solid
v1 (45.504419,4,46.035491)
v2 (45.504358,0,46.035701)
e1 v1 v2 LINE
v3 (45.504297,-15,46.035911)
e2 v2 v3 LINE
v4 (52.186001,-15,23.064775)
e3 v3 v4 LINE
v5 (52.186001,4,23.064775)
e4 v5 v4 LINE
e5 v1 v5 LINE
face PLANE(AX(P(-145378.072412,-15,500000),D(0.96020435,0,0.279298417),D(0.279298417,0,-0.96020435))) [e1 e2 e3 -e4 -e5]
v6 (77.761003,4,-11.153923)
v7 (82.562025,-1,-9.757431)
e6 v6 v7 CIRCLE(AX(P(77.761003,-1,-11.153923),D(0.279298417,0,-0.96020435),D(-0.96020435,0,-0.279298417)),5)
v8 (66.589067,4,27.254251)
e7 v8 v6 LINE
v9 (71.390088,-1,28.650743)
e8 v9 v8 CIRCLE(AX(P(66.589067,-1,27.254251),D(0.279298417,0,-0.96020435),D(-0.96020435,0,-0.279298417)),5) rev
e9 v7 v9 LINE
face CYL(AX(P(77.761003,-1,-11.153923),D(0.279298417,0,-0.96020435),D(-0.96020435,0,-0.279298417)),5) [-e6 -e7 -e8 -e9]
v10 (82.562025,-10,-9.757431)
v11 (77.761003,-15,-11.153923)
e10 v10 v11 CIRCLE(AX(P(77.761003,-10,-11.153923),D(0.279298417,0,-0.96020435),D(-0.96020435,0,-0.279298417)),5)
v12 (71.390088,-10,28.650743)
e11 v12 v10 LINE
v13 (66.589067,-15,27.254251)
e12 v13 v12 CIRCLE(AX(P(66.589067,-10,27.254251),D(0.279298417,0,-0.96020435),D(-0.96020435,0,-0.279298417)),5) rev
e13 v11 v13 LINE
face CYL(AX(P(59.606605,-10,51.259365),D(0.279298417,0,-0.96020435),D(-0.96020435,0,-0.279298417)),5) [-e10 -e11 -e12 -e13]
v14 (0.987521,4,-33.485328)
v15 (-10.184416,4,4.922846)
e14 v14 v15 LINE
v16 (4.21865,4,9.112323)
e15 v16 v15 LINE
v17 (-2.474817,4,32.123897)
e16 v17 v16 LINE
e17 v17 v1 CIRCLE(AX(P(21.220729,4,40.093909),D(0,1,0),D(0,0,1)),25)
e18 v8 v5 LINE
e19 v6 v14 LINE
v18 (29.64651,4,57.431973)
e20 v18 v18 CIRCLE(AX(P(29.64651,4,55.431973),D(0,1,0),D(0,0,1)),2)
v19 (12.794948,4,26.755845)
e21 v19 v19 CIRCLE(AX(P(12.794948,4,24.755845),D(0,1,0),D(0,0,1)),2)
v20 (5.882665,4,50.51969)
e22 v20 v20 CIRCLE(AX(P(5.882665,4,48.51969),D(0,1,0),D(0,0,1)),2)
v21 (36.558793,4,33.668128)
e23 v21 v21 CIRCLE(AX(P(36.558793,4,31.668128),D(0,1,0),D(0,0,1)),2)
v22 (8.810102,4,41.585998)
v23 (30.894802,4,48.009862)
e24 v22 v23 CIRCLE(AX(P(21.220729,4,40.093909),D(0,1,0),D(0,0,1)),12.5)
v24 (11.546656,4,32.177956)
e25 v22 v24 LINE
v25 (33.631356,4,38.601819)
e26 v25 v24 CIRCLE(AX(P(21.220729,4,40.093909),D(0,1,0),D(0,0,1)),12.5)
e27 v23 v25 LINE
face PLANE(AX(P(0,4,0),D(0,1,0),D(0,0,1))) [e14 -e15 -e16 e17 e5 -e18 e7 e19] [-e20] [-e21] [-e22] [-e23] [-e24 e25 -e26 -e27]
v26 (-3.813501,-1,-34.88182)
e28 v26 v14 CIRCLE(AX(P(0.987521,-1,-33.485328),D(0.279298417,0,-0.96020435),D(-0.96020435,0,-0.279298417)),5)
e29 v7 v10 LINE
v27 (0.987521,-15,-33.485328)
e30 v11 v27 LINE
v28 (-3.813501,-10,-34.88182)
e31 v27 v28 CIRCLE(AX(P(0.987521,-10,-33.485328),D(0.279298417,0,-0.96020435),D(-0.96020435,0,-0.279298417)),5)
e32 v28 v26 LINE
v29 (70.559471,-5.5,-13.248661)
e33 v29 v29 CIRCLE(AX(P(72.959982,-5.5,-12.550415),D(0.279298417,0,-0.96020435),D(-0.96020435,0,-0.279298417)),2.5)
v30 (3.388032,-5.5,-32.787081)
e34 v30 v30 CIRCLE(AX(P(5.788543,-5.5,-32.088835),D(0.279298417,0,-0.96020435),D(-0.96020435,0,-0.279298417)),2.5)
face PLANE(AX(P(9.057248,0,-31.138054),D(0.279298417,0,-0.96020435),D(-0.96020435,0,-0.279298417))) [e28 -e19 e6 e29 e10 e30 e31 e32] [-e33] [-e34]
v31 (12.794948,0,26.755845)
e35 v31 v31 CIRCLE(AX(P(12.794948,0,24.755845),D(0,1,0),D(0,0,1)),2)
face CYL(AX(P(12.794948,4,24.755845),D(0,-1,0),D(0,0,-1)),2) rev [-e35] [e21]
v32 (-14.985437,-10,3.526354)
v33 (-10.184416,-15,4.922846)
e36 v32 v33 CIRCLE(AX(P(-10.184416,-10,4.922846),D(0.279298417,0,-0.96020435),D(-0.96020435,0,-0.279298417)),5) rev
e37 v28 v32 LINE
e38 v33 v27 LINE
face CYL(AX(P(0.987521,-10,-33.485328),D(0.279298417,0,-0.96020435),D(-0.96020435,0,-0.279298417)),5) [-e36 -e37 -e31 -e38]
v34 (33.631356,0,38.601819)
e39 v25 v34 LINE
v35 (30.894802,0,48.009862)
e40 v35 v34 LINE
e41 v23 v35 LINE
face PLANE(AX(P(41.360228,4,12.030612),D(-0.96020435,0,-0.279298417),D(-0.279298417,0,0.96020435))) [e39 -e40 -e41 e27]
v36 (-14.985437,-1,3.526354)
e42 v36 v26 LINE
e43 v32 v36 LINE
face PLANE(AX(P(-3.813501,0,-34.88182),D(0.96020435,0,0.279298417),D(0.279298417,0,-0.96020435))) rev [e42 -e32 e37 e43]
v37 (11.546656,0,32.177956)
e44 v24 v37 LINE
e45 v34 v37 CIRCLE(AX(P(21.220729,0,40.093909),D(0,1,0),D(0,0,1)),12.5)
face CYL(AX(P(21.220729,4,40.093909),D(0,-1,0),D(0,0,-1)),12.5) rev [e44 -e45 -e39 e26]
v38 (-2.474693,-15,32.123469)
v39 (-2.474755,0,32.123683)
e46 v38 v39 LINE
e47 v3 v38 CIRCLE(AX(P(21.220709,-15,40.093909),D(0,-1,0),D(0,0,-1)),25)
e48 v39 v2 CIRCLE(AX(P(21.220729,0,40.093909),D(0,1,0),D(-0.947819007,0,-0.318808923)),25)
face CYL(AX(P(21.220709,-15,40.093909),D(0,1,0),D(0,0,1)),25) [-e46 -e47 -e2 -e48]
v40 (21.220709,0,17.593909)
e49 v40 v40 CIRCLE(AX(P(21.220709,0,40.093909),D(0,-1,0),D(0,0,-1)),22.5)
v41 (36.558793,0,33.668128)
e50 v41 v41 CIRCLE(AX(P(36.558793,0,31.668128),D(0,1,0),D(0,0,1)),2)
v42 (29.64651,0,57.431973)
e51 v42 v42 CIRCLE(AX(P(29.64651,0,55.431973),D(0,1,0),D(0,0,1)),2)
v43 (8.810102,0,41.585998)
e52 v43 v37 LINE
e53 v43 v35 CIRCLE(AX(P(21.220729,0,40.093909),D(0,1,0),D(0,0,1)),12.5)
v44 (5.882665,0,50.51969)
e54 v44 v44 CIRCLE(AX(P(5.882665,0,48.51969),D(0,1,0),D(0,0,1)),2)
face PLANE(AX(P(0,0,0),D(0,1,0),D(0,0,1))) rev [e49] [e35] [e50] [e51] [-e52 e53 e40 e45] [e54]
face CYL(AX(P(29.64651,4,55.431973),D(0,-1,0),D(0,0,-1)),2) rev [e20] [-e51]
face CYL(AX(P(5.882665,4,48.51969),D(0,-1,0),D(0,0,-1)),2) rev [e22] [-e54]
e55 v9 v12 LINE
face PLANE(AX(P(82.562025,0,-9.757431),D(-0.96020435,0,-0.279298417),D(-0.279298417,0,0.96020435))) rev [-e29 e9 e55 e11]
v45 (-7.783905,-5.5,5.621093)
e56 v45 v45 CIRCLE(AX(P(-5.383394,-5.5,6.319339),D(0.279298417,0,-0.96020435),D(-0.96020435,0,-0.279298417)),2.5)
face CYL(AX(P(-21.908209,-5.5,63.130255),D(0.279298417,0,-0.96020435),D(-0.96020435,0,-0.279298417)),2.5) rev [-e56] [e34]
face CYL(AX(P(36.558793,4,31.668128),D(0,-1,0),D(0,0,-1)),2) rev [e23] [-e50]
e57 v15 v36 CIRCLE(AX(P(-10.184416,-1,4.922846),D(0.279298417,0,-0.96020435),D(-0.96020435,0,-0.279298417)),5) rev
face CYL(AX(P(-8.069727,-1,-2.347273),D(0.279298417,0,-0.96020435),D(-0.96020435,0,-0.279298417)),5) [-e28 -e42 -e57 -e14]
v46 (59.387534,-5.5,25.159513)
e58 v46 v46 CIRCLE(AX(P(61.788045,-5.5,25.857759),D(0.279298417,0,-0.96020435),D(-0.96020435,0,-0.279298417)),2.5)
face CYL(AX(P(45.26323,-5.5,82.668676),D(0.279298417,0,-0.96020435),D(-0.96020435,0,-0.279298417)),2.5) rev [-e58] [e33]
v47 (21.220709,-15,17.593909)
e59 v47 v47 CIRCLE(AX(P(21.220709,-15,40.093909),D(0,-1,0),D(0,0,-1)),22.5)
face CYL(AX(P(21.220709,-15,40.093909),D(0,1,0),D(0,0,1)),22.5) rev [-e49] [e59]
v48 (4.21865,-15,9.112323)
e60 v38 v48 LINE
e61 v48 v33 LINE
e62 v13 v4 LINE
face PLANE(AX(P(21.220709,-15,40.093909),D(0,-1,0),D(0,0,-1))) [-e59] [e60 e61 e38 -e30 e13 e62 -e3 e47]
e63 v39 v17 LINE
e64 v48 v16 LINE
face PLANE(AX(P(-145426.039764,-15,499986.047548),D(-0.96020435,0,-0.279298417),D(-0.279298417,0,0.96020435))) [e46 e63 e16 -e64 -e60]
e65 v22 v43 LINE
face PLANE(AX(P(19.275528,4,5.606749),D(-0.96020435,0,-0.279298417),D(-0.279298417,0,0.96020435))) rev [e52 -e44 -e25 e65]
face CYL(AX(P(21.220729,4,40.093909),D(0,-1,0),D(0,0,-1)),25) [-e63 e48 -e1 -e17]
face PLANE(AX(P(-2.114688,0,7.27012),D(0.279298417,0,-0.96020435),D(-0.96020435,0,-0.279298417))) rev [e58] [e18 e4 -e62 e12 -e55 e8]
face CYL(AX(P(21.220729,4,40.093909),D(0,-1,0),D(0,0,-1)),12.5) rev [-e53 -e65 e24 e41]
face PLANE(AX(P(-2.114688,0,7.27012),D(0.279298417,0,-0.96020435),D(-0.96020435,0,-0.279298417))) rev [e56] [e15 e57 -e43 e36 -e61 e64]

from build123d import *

# Parameters (mm, degrees)
SKETCH1_R           = 25.000000000000004
SKETCH1_R_2         = 1.9999999999993712
SKETCH1_R_3         = 2.0000000000000036
SKETCH1_R_4         = 2.0000000000002736
SKETCH1_R_5         = 1.9999999999996778
BOSS_EXTRUDE1_DEPTH = 4
SKETCH2_R           = 25
SKETCH2_R_2         = 22.50000000000001
BOSS_EXTRUDE2_DEPTH = 15
BOSS_EXTRUDE7_REACH = 78.843
SKETCH4_W           = 49.955357531530346
SKETCH4_H           = 19
BOSS_EXTRUDE8_DEPTH = 40
SKETCH7_R           = 2.499999999999995
SKETCH7_R_2         = 2.5000000000000004
CUT_EXTRUDE1_DEPTH  = 123.01861707374391
FILLET1_R           = 5
FILLET2_R           = 5


with BuildPart() as part:
    # Sketch1 → Boss-Extrude1 (new body)
    with BuildSketch(Plane(origin=(0, 0, 0), x_dir=(1, 0, 0), z_dir=(0, 1, 0))):
        with Locations(Location((21.22072875619714, -40.09390888269783, 0), (0, 0, 270))):
            Circle(SKETCH1_R)
        with Locations(Location((29.646509797315062, -55.43197309716617, 0), (0, 0, 270))):
            Circle(SKETCH1_R_2, mode=Mode.SUBTRACT)
        with Locations(Location((36.558792970665294, -31.668127841580553, 0), (0, 0, 270))):
            Circle(SKETCH1_R_3, mode=Mode.SUBTRACT)
        with Locations(Location((12.794947715079665, -24.75584466823032, 0), (0, 0, 270))):
            Circle(SKETCH1_R_4, mode=Mode.SUBTRACT)
        with Locations(Location((5.8826645417294365, -48.51968992381595, 0), (0, 0, 270))):
            Circle(SKETCH1_R_5, mode=Mode.SUBTRACT)
        with BuildLine():
            ThreePointArc((8.810101512256844, -41.5859984952772), (17.729498538084204, -52.096463259335145), (30.894801565269475, -48.009862096604984))
            Line((30.894801565269475, -48.009862096604984), (33.63135600013741, -38.60181927011846))
            ThreePointArc((33.63135600013741, -38.60181927011846), (24.711958974310075, -28.091354506060547), (11.5466559471248, -32.177955668790645))
            Line((11.5466559471248, -32.177955668790645), (8.810101512256844, -41.5859984952772))
        make_face(mode=Mode.SUBTRACT)
    extrude(amount=BOSS_EXTRUDE1_DEPTH)

    # Sketch2 → Boss-Extrude2 (add)
    with BuildSketch(Plane.XZ):
        with Locations(Location((21.22070938805554, 40.093908619998004, 0), (0, 0, 270.77710591))):
            Circle(SKETCH2_R)
        with Locations(Location((21.22070938805554, 40.093908619998004, 0), (0, 0, 270))):
            Circle(SKETCH2_R_2, mode=Mode.SUBTRACT)
    extrude(amount=BOSS_EXTRUDE2_DEPTH)

    # Sketch4 → Boss-Extrude7 (add, up to next)
    with BuildSketch(Plane(origin=(-2.11468835096776, 0, 7.270119796296657), x_dir=(-0.9602043501309836, 0, -0.2792984174490354), z_dir=(0.2792984174490354, 0, -0.9602043501309836)), mode=Mode.PRIVATE) as boss_extrude7_sk1:
        with Locations((-31.573501878114026, -5.500000000000001)):
            Rectangle(SKETCH4_W, SKETCH4_H)
    boss_extrude7_tool1 = extrude(boss_extrude7_sk1.sketch, amount=-BOSS_EXTRUDE7_REACH, mode=Mode.PRIVATE) - part.part
    add(boss_extrude7_tool1.solids().sort_by_distance((28.202326, -5.5, 16.088549))[0])

    # Sketch5 → Boss-Extrude8 (add)
    with BuildSketch(Plane(origin=(-2.114688350967763, 0, 7.270119796296668), x_dir=(-0.9602043501309836, 0, -0.27929841744903544), z_dir=(0.27929841744903544, 0, -0.9602043501309836))):
        Polygon((13.404176887651147, 4), (-76.55118064387919, 4), (-76.55118064387919, -15), (13.404176887651147, -15), (13.404176887651147, -5.5), align=None)
    extrude(amount=BOSS_EXTRUDE8_DEPTH)

    # Sketch7 → Cut-Extrude1 (cut, through all)
    with BuildSketch(Plane(origin=(9.057248346993656, 1.8e-15, -31.13805420894269), x_dir=(-0.9602043501309836, 0, -0.27929841744903544), z_dir=(0.27929841744903544, 0, -0.9602043501309836))):
        with Locations((-66.55118064387919, -5.499999999999998)):
            Circle(SKETCH7_R)
        with Locations((3.4041768876511456, -5.499999999999997)):
            Circle(SKETCH7_R_2)
    extrude(amount=-CUT_EXTRUDE1_DEPTH, mode=Mode.SUBTRACT)

    # Fillet1
    fillet1_edges = [part.edges().sort_by_distance(p)[0] for p in [
        (76.9760566599285, -15, 9.446656401367687),
    ]]
    fillet(fillet1_edges, radius=FILLET1_R)

    # Fillet2
    fillet2_edges = [part.edges().sort_by_distance(p)[0] for p in [
        (-9.399468959434873, -15, -15.677732598250907),
        (-9.399468959434873, 4, -15.677732598250907),
        (76.9760566599285, 4, 9.446656401367687),
    ]]
    fillet(fillet2_edges, radius=FILLET2_R)


solid = part.part
